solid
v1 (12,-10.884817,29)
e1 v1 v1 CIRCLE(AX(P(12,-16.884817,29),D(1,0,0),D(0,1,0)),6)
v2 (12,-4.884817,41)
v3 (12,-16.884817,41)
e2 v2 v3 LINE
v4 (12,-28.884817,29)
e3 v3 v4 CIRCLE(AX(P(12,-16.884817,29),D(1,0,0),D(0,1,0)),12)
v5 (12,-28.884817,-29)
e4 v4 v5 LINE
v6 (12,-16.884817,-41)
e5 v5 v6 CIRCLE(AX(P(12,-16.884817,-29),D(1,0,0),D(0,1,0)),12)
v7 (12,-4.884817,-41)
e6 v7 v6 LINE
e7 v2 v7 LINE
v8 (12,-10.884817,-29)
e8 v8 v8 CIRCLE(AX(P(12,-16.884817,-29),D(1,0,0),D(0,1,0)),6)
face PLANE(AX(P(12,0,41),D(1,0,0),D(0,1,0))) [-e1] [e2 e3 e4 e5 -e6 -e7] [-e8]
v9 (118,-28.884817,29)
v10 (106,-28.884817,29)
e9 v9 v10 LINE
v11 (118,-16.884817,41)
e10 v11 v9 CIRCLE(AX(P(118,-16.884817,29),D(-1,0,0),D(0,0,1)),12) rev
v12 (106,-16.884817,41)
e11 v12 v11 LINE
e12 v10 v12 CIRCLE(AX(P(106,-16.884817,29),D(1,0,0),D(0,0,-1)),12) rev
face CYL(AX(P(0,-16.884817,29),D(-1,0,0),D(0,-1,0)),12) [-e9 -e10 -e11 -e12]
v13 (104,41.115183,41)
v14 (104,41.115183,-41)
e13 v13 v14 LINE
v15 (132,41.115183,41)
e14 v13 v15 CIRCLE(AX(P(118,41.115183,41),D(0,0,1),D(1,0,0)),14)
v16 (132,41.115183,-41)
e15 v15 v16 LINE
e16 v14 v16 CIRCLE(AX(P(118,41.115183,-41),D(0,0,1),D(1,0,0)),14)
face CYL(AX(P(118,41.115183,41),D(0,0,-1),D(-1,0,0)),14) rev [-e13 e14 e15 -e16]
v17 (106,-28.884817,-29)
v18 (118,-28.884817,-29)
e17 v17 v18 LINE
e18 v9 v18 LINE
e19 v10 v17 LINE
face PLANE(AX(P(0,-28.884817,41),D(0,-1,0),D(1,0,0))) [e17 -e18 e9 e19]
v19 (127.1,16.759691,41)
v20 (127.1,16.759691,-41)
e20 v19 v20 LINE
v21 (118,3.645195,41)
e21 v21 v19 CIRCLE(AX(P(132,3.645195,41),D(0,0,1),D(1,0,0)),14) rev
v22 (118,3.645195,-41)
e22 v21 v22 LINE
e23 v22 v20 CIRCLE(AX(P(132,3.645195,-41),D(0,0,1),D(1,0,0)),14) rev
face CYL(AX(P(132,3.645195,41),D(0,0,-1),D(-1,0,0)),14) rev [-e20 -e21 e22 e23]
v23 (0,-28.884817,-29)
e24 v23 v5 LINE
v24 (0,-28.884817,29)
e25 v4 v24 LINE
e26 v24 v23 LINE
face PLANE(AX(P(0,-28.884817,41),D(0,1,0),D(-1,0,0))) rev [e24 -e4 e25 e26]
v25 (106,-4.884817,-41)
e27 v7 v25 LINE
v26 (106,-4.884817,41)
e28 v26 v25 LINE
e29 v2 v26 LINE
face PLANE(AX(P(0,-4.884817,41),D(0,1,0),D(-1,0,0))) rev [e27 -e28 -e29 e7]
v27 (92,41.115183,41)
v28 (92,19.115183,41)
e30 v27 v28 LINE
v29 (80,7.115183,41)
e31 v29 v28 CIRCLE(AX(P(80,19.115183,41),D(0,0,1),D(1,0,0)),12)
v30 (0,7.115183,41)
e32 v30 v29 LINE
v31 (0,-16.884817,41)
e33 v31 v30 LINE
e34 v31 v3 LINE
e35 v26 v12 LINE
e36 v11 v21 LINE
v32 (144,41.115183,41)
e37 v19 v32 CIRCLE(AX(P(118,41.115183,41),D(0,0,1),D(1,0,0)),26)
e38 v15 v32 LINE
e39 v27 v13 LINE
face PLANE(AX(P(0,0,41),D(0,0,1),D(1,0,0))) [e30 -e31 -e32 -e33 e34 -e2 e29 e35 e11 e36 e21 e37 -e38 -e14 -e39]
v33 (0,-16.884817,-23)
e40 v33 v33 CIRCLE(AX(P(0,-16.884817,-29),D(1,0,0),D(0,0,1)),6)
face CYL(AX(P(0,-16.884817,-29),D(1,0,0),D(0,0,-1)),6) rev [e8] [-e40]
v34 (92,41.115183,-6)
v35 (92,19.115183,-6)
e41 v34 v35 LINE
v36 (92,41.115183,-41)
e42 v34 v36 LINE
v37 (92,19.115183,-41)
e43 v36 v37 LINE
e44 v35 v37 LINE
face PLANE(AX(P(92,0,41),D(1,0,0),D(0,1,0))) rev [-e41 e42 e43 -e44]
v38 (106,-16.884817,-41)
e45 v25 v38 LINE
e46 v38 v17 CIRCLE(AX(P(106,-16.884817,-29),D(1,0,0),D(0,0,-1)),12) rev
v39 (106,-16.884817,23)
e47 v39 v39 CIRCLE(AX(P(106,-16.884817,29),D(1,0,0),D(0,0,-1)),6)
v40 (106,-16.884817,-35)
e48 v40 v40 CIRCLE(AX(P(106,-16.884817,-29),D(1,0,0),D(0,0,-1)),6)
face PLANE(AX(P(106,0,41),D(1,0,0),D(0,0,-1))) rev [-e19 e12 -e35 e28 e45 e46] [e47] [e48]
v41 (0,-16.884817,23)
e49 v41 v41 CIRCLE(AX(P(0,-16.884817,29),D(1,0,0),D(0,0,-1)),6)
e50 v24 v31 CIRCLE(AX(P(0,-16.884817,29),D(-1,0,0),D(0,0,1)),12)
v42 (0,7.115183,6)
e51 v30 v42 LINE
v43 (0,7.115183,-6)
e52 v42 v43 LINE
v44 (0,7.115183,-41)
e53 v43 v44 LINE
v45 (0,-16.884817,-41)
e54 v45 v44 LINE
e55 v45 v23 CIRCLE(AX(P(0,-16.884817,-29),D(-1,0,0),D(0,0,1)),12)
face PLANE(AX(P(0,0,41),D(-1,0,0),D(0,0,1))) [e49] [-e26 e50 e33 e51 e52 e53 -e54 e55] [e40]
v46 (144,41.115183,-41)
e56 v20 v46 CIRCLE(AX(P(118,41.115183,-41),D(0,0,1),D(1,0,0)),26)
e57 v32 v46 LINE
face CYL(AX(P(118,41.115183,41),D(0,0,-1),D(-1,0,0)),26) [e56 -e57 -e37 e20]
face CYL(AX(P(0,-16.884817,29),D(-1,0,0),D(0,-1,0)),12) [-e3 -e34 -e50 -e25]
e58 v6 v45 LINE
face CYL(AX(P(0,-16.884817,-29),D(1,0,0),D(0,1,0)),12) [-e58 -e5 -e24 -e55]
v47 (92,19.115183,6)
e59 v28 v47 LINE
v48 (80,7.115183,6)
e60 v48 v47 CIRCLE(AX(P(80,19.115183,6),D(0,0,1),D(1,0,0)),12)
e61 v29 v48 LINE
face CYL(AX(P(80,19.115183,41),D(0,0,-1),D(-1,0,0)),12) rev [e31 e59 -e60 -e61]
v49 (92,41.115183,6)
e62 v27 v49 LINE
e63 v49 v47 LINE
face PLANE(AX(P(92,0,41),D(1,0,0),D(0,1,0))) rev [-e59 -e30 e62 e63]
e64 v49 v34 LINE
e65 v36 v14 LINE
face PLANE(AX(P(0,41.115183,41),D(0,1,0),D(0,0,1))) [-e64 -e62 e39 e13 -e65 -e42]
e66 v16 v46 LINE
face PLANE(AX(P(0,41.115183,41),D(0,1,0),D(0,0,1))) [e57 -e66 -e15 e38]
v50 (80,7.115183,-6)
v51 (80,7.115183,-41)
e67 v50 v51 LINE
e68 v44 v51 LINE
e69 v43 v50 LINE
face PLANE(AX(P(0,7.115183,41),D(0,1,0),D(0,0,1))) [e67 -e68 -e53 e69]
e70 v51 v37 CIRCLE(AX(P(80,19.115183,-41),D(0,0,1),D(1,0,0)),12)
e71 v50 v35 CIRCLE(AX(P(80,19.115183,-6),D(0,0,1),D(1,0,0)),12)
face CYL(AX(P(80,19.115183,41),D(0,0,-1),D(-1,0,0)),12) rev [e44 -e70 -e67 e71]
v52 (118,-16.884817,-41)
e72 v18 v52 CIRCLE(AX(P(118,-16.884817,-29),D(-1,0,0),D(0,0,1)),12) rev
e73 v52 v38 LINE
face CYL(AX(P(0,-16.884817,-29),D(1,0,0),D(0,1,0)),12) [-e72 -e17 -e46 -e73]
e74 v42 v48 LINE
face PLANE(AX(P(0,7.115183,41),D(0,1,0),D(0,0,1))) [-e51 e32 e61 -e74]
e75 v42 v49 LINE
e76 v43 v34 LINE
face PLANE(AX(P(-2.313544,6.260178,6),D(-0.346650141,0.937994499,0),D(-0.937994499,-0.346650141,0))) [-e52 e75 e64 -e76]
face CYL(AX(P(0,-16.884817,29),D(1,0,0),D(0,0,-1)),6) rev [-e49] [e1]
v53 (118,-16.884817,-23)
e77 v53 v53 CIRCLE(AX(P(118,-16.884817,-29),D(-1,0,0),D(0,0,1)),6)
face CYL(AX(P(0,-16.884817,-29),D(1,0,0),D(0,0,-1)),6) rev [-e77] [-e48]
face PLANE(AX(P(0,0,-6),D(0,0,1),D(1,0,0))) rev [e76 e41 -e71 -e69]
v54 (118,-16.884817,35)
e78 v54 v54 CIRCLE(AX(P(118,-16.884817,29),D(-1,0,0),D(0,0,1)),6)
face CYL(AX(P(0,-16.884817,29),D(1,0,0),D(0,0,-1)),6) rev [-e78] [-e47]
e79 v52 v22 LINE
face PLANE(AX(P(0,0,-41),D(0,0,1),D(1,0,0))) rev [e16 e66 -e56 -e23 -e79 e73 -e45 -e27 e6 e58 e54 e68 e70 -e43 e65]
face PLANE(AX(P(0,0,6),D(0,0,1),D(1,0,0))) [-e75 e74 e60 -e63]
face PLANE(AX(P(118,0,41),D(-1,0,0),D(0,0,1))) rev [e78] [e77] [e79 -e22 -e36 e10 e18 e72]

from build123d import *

# Parameters (mm, degrees)
BOSS_EXTRUDE1_DEPTH     = 41
BOSS_EXTRUDE2_DEPTH     = 6
CUT_EXTRUDE1_DEPTH      = 132.512198268
CUT_EXTRUDE1_DEPTH_BACK = 132.512198268
SKETCH2_R               = 6
FILLET1_R               = 12


with BuildPart() as part:
    # Sketch1 → Boss-Extrude1 (new, symmetric)
    with BuildSketch(Plane.XY):
        with BuildLine():
            ThreePointArc((118, 3.645195256), (120.497826292, 11.626423231), (127.1, 16.759691052))
            ThreePointArc((127.1, 16.759691052), (139.361179743, 26.29290272), (144, 41.115183246))
            Line((144, 41.115183246), (132, 41.115183246))
            ThreePointArc((132, 41.115183246), (118, 27.115183246), (104, 41.115183246))
            Line((104, 41.115183246), (92, 41.115183246))
            Line((92, 41.115183246), (92, 19.115183246))
            ThreePointArc((92, 19.115183246), (88.485281374, 10.629901872), (80, 7.115183246))
            Line((80, 7.115183246), (0, 7.115183246))
            Line((0, 7.115183246), (0, -28.884816754))
            Line((0, -28.884816754), (12, -28.884816754))
            Line((12, -28.884816754), (12, -4.884816754))
            Line((12, -4.884816754), (106, -4.884816754))
            Line((106, -4.884816754), (106, -28.884816754))
            Line((106, -28.884816754), (118, -28.884816754))
            Line((118, -28.884816754), (118, 3.645195256))
        make_face()
    extrude(amount=BOSS_EXTRUDE1_DEPTH, both=True)

    # Sketch1<3> → Boss-Extrude2 (add, symmetric)
    with BuildSketch(Plane.XY):
        with BuildLine():
            Line((92, 41.115183246), (0, 7.115183246))
            Line((0, 7.115183246), (80, 7.115183246))
            ThreePointArc((80, 7.115183246), (88.485281374, 10.629901872), (92, 19.115183246))
            Line((92, 19.115183246), (92, 41.115183246))
        make_face()
    extrude(amount=BOSS_EXTRUDE2_DEPTH, both=True)

    # Sketch2 → Cut-Extrude1 (cut, two sides: drawn at the far end of the back side and taken through both)
    with BuildSketch(Plane(origin=(118, 0, 0), x_dir=(0, 0, -1), z_dir=(1, 0, 0)).offset(-CUT_EXTRUDE1_DEPTH_BACK)):
        with Locations((-29, -16.884816754)):
            Circle(SKETCH2_R)
        with Locations((29, -16.884816754)):
            Circle(SKETCH2_R)
    extrude(amount=CUT_EXTRUDE1_DEPTH + CUT_EXTRUDE1_DEPTH_BACK, mode=Mode.SUBTRACT)

    # Fillet1
    fillet1_edges = [part.edges().sort_by_distance(p)[0] for p in [
        (6, -28.884816754, -41),
        (6, -28.884816754, 41),
        (112, -28.884816754, -41),
        (112, -28.884816754, 41),
    ]]
    fillet(fillet1_edges, radius=FILLET1_R)


solid = part.part
